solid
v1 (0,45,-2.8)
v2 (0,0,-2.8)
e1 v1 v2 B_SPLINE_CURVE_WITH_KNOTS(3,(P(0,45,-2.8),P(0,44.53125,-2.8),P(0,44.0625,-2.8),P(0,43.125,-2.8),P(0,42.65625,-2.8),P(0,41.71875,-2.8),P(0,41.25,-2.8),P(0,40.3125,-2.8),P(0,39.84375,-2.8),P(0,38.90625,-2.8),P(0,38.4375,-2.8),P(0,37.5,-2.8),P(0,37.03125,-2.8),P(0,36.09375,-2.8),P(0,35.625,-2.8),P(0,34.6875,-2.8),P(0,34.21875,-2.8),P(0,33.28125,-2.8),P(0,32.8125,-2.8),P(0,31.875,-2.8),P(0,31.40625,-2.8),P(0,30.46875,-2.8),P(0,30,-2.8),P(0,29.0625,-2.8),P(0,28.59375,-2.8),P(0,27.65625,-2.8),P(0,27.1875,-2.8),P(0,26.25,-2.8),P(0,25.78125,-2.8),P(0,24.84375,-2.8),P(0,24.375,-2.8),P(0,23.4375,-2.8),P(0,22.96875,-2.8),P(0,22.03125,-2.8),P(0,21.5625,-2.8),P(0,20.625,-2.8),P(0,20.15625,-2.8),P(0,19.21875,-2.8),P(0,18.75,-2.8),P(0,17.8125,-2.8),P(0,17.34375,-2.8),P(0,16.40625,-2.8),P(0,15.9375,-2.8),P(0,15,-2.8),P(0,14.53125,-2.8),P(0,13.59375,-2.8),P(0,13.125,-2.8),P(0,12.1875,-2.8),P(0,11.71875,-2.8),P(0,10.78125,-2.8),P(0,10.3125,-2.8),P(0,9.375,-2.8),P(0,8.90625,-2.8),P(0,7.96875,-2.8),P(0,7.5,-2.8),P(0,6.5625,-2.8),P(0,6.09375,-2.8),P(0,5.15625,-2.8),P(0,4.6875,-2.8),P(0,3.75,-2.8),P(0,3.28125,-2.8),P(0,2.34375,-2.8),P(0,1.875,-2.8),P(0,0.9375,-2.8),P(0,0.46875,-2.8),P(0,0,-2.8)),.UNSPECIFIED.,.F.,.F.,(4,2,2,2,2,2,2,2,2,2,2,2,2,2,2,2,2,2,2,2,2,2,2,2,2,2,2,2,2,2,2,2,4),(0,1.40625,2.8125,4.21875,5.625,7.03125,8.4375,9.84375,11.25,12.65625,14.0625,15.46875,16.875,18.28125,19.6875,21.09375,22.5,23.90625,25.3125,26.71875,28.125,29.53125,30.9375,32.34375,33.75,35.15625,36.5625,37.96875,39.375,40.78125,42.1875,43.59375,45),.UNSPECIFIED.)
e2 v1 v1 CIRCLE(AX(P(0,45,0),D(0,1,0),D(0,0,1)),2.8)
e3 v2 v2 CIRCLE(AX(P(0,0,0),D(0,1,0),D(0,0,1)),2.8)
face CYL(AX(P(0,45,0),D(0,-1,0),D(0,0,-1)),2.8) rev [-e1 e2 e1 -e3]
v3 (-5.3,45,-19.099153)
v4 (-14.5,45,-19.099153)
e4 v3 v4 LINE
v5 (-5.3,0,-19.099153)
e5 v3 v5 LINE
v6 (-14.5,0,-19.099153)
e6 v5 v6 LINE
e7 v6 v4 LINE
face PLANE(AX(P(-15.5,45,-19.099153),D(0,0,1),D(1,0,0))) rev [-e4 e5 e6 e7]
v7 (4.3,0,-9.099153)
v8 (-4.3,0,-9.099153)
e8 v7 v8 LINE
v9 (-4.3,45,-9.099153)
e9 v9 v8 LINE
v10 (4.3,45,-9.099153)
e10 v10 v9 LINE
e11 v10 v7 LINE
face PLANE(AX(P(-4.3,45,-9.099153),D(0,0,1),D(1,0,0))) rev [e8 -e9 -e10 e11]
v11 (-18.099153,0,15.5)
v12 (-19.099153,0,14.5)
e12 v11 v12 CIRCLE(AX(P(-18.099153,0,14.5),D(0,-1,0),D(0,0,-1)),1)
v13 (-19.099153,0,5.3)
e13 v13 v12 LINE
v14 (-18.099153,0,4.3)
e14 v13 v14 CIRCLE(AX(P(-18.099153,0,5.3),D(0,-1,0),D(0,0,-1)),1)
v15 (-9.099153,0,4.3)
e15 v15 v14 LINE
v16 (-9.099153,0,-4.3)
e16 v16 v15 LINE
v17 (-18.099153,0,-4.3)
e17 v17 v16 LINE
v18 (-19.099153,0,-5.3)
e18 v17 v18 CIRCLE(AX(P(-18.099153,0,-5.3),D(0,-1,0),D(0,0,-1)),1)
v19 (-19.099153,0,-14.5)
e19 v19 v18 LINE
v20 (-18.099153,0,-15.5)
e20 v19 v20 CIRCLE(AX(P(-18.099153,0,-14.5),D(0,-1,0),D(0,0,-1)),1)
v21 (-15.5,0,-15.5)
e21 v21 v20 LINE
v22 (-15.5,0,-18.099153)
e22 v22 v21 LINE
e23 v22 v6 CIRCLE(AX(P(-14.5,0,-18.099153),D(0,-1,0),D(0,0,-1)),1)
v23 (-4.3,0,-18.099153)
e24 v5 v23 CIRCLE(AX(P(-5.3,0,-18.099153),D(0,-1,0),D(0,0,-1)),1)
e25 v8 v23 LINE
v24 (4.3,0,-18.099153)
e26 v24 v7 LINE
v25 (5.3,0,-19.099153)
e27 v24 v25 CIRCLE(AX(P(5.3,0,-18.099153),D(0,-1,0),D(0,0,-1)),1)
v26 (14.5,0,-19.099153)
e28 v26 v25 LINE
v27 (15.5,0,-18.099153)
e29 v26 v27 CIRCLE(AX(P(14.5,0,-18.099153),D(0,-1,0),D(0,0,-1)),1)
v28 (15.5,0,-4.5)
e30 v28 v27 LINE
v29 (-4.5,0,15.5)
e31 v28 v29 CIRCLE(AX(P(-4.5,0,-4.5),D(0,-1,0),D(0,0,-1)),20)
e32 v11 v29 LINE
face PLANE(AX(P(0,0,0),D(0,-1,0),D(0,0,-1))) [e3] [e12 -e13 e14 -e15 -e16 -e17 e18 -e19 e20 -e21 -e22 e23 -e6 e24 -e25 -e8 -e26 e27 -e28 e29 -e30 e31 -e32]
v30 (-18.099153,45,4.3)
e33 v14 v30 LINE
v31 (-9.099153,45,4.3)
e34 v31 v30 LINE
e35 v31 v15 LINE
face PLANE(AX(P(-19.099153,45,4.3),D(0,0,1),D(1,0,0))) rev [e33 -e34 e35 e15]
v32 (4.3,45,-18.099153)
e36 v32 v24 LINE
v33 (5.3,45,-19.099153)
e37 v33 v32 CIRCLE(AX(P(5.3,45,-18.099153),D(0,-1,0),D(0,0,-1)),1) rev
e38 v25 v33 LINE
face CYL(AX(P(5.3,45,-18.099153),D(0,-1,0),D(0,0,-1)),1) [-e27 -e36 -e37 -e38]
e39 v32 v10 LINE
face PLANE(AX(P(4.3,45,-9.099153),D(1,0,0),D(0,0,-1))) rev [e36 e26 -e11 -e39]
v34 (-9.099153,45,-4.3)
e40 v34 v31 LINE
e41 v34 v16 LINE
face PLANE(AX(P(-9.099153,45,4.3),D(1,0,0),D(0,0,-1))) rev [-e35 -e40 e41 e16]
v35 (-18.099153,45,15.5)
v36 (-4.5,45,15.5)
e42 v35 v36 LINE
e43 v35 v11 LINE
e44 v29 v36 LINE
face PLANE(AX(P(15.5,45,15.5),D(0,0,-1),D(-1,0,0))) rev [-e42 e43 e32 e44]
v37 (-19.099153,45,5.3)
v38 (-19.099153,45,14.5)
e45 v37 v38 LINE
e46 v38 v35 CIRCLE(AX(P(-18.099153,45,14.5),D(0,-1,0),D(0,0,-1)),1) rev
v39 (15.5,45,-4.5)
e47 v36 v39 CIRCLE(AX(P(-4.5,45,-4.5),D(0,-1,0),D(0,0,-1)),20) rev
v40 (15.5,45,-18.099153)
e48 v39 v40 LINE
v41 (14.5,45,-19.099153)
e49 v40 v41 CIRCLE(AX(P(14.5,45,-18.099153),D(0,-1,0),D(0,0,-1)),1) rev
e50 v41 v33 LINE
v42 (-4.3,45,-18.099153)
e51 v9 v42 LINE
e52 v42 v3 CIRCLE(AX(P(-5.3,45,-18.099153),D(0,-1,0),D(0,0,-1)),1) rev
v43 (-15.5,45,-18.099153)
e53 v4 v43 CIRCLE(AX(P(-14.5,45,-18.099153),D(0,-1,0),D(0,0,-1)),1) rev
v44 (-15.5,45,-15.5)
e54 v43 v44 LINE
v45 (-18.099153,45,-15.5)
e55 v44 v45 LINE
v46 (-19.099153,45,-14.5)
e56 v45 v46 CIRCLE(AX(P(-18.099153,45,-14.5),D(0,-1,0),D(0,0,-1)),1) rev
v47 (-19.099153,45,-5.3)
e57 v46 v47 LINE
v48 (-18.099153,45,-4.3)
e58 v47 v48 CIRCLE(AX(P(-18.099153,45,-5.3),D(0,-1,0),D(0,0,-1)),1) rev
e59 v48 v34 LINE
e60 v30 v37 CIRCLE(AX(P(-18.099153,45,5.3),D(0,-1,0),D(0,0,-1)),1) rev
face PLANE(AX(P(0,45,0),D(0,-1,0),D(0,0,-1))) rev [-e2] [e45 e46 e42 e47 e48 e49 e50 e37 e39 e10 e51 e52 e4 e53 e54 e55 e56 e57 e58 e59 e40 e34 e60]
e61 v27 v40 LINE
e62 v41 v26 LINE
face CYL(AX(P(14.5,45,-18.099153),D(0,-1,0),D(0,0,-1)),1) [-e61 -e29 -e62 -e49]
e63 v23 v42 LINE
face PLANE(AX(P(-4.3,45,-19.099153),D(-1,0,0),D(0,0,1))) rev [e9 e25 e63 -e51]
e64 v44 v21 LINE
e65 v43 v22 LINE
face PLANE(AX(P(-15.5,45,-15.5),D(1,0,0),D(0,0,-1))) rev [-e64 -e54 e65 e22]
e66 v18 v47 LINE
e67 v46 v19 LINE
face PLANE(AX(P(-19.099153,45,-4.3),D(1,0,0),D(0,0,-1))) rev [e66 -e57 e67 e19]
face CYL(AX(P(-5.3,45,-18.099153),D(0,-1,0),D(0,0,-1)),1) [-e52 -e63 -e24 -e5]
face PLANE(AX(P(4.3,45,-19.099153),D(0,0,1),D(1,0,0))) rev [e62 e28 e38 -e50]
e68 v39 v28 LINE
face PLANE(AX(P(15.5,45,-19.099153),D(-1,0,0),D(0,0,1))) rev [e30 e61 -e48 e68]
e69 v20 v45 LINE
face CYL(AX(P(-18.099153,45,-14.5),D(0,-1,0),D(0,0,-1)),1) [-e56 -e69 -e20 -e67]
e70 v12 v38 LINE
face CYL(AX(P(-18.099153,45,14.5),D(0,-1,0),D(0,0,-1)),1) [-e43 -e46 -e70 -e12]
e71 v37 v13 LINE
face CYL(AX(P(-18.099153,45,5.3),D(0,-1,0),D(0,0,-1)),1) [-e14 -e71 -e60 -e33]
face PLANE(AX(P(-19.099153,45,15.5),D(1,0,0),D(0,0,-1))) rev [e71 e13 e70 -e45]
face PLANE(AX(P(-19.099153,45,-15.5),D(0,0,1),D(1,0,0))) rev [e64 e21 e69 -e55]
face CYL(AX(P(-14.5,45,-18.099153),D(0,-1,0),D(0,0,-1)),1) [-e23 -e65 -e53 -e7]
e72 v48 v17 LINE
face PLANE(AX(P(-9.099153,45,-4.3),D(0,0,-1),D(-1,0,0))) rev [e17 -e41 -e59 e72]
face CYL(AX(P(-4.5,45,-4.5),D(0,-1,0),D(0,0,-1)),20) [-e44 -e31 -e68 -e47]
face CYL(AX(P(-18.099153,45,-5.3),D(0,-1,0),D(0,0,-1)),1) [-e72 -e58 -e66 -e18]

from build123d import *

# Parameters (mm, degrees)
SKETCH1_R           = 2.8
BOSS_EXTRUDE1_DEPTH = 45
FILLET1_R           = 1
FILLET2_R           = 20


with BuildPart() as part:
    # Sketch1 → Boss-Extrude1 (new body)
    with BuildSketch(Plane(origin=(0, 0, 0), x_dir=(1, 0, 0), z_dir=(0, 1, 0))):
        Polygon((-19.099152542, -15.5), (-19.099152542, -4.3), (-9.099152542, -4.3), (-9.099152542, 4.3), (-19.099152542, 4.3), (-19.099152542, 15.5), (-15.5, 15.5), (-15.5, 19.099152542), (-4.3, 19.099152542), (-4.3, 9.099152542), (4.3, 9.099152542), (4.3, 19.099152542), (15.5, 19.099152542), (15.5, -15.5), align=None)
        with Locations(Location((0, 0, 0), (0, 0, 90))):
            Circle(SKETCH1_R, mode=Mode.SUBTRACT)
    extrude(amount=BOSS_EXTRUDE1_DEPTH)

    # Fillet1
    fillet1_edges = [part.edges().sort_by_distance(p)[0] for p in [
        (-19.099152542, 22.5, 15.5),
        (-19.099152542, 22.5, 4.3),
        (-19.099152542, 22.5, -4.3),
        (-19.099152542, 22.5, -15.5),
        (-15.5, 22.5, -19.099152542),
        (-4.3, 22.5, -19.099152542),
        (4.3, 22.5, -19.099152542),
        (15.5, 22.5, -19.099152542),
    ]]
    fillet(fillet1_edges, radius=FILLET1_R)

    # Fillet2
    fillet2_edges = [part.edges().sort_by_distance(p)[0] for p in [
        (15.5, 22.5, 15.5),
    ]]
    fillet(fillet2_edges, radius=FILLET2_R)


solid = part.part
